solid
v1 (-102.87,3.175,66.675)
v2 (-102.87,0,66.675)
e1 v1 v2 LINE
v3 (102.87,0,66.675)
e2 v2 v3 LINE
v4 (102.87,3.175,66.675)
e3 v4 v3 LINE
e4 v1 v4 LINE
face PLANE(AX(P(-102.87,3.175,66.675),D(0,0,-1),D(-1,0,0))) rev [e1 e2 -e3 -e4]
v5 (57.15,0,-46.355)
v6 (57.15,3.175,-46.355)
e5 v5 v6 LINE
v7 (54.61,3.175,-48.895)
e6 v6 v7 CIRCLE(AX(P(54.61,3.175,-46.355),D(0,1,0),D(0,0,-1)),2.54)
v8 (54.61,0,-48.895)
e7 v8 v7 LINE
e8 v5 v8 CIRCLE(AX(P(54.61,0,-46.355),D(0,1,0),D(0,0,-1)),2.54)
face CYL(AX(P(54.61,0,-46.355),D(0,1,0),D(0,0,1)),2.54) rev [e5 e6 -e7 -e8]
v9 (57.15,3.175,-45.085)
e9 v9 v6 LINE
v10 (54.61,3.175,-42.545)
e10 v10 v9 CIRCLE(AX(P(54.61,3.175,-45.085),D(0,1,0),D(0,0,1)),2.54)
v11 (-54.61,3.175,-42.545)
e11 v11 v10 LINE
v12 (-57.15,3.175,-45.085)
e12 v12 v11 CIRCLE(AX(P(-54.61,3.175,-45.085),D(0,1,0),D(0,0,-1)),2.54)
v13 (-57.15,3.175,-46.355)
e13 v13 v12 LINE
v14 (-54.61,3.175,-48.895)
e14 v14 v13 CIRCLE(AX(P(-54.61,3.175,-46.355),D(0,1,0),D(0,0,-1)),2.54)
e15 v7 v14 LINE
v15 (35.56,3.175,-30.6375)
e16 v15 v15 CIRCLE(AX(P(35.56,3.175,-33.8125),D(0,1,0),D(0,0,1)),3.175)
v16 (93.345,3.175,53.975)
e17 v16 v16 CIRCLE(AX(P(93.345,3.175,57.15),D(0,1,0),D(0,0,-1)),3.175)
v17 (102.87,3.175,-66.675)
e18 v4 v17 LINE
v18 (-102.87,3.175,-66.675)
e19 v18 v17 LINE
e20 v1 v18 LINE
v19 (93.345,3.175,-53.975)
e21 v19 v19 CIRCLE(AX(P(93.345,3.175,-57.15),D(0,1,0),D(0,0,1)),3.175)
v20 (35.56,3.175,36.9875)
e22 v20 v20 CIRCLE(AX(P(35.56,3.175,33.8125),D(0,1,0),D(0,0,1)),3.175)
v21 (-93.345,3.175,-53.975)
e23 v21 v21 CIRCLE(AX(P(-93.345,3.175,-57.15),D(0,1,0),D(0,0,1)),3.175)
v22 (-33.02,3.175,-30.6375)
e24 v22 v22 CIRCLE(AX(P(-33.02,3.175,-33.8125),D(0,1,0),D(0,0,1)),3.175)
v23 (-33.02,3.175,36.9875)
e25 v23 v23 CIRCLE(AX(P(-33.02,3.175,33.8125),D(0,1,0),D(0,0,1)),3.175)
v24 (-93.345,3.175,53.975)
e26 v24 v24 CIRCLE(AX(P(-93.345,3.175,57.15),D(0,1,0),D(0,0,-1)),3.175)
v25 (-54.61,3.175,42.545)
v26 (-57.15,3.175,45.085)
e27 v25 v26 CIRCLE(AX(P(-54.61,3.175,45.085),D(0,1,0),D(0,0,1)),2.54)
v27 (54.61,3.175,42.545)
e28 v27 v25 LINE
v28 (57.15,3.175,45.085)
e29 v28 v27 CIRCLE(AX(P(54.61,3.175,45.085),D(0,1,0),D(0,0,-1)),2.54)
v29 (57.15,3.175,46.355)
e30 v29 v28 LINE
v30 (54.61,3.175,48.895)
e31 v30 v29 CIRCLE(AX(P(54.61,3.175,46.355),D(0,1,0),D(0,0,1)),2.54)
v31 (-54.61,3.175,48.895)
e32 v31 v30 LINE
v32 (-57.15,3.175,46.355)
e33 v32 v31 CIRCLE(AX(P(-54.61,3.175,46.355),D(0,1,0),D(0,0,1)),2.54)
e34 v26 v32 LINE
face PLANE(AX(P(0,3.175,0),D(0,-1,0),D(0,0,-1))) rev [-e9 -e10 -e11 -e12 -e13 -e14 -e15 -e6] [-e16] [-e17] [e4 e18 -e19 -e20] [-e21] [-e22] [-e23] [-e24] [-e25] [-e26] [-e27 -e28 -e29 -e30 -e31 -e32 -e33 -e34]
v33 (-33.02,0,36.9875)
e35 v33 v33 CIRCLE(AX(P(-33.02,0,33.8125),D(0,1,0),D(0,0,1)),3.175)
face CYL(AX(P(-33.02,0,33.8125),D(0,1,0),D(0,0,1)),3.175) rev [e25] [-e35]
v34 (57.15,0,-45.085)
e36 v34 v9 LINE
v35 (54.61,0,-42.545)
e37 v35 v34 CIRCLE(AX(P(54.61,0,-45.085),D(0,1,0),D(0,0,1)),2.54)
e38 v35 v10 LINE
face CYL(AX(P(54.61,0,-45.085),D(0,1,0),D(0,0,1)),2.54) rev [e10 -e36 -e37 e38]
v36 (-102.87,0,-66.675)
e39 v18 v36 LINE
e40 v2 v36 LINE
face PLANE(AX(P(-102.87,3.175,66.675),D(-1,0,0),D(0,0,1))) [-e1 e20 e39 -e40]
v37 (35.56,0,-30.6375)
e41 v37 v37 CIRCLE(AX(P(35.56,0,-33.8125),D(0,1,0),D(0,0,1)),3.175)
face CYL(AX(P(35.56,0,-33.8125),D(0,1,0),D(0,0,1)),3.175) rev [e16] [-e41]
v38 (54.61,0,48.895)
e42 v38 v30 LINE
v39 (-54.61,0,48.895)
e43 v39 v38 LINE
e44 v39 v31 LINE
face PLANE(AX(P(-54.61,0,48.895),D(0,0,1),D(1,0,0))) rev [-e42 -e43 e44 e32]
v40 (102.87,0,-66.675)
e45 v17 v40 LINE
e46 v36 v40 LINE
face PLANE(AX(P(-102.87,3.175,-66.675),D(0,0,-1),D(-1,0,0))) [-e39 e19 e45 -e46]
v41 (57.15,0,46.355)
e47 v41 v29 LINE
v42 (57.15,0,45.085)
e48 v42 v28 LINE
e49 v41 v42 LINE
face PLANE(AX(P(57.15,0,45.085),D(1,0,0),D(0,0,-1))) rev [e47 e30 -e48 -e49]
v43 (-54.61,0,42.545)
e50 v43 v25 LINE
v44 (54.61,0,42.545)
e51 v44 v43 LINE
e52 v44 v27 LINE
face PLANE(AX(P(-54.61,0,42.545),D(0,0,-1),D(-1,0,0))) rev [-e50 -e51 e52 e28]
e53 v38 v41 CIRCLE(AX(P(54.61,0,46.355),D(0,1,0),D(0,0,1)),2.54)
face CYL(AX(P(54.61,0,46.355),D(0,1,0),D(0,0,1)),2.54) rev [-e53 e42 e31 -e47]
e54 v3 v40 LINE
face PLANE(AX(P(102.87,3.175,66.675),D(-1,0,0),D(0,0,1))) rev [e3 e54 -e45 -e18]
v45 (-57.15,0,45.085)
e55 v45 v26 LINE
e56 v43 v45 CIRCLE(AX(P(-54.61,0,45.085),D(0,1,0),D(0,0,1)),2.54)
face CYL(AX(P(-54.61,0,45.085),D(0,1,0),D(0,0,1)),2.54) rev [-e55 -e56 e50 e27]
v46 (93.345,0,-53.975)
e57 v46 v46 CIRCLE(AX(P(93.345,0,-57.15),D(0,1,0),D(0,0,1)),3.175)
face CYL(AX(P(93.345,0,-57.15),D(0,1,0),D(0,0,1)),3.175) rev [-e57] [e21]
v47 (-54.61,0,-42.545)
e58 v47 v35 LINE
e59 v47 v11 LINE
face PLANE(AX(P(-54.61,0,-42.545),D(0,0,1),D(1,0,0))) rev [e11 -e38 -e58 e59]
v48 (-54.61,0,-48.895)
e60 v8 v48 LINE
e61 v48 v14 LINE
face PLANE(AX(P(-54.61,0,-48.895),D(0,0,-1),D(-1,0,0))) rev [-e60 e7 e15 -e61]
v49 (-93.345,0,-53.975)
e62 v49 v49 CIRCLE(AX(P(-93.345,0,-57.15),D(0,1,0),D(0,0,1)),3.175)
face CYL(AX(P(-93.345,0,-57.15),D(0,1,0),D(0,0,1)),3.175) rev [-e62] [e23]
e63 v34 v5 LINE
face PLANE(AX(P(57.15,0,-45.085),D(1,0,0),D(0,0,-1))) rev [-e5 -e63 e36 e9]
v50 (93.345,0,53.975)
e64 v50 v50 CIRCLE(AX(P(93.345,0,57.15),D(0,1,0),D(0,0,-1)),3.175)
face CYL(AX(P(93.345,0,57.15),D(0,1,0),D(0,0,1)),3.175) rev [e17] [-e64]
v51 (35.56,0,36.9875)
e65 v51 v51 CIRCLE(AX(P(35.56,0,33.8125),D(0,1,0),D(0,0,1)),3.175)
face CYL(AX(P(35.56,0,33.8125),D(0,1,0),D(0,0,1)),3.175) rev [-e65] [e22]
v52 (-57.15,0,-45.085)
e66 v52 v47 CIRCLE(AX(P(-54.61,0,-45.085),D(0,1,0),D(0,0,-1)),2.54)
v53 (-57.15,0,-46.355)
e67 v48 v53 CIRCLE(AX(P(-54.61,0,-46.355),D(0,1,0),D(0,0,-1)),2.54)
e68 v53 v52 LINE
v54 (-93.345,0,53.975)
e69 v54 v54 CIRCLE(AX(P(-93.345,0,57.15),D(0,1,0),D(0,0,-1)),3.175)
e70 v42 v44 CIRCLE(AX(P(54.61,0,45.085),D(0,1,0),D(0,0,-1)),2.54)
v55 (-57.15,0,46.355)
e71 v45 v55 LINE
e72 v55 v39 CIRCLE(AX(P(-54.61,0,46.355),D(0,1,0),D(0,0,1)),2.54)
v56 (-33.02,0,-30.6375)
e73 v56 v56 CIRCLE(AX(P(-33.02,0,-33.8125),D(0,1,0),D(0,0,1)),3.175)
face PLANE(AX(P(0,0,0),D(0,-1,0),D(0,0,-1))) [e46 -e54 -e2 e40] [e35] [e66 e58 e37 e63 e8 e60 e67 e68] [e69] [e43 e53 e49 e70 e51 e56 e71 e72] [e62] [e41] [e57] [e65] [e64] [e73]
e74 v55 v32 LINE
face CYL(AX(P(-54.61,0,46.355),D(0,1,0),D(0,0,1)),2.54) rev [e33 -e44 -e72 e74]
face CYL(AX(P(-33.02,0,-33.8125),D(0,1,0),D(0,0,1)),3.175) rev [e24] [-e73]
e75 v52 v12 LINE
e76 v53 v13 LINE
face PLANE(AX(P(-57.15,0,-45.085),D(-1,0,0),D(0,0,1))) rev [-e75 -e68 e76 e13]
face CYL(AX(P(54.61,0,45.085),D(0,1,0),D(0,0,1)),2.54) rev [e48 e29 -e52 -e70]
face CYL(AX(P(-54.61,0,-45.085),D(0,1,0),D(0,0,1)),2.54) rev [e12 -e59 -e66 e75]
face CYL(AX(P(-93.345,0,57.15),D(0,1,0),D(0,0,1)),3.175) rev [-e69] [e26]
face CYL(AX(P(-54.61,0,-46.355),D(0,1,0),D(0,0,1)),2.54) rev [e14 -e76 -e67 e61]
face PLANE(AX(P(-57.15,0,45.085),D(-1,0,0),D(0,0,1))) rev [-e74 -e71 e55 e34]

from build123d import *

# Parameters (mm, degrees)
SKETCH1_W           = 205.74
SKETCH1_H           = 133.35
BOSS_EXTRUDE1_DEPTH = 3.175
SKETCH3_R           = 3.175
CUT_EXTRUDE3_DEPTH  = 123.629006153
SKETCH4_R           = 3.175
CUT_EXTRUDE4_DEPTH  = 123.629006153
CUT_EXTRUDE5_DEPTH  = 123.629006153


with BuildPart() as part:
    # Sketch1 → Boss-Extrude1 (new body)
    with BuildSketch(Plane(origin=(0, 0, 0), x_dir=(1, 0, 0), z_dir=(0, 1, 0))):
        Rectangle(SKETCH1_W, SKETCH1_H)
    extrude(amount=BOSS_EXTRUDE1_DEPTH)

    # Sketch3 → Cut-Extrude3 (cut, through all)
    with BuildSketch(Plane(origin=(0, 3.175, 0), x_dir=(1, 0, 0), z_dir=(0, 1, 0))):
        with Locations(Location((35.56, 33.812500066, 0), (0, 0, 270))):
            Circle(SKETCH3_R)
        with Locations(Location((35.56, -33.812500066, 0), (0, 0, 270))):
            Circle(SKETCH3_R)
        with Locations(Location((-33.02, -33.812500066, 0), (0, 0, 270))):
            Circle(SKETCH3_R)
        with Locations(Location((-33.02, 33.812500066, 0), (0, 0, 270))):
            Circle(SKETCH3_R)
    extrude(amount=-CUT_EXTRUDE3_DEPTH, mode=Mode.SUBTRACT)

    # Sketch4 → Cut-Extrude4 (cut, through all)
    with BuildSketch(Plane(origin=(0, 3.175, 0), x_dir=(1, 0, 0), z_dir=(0, 1, 0))):
        with Locations(Location((-93.345, 57.15, 0), (0, 0, 270))):
            Circle(SKETCH4_R)
        with Locations(Location((93.345, 57.15, 0), (0, 0, 270))):
            Circle(SKETCH4_R)
        with Locations(Location((93.345, -57.15, 0), (0, 0, 90))):
            Circle(SKETCH4_R)
        with Locations(Location((-93.345, -57.15, 0), (0, 0, 90))):
            Circle(SKETCH4_R)
    extrude(amount=-CUT_EXTRUDE4_DEPTH, mode=Mode.SUBTRACT)

    # Sketch5 → Cut-Extrude5 (cut, through all)
    with BuildSketch(Plane(origin=(0, 3.175, 0), x_dir=(1, 0, 0), z_dir=(0, 1, 0))):
        with BuildLine():
            Line((-54.61, -42.545), (54.61, -42.545))
            ThreePointArc((54.61, -42.545), (56.406051224, -43.288948776), (57.15, -45.085))
            Line((57.15, -45.085), (57.15, -46.355))
            ThreePointArc((57.15, -46.355), (56.406051224, -48.151051224), (54.61, -48.895))
            Line((54.61, -48.895), (-54.61, -48.895))
            ThreePointArc((-54.61, -48.895), (-56.406051224, -48.151051224), (-57.15, -46.355))
            Line((-57.15, -46.355), (-57.15, -45.085))
            ThreePointArc((-57.15, -45.085), (-56.406051224, -43.288948776), (-54.61, -42.545))
        make_face()
        with BuildLine():
            Line((57.15, 45.085), (57.15, 46.355))
            ThreePointArc((57.15, 46.355), (56.406051224, 48.151051224), (54.61, 48.895))
            Line((54.61, 48.895), (-54.61, 48.895))
            ThreePointArc((-54.61, 48.895), (-56.406051224, 48.151051224), (-57.15, 46.355))
            Line((-57.15, 46.355), (-57.15, 45.085))
            ThreePointArc((-57.15, 45.085), (-56.406051224, 43.288948776), (-54.61, 42.545))
            Line((-54.61, 42.545), (54.61, 42.545))
            ThreePointArc((54.61, 42.545), (56.406051224, 43.288948776), (57.15, 45.085))
        make_face()
    extrude(amount=-CUT_EXTRUDE5_DEPTH, mode=Mode.SUBTRACT)


solid = part.part
